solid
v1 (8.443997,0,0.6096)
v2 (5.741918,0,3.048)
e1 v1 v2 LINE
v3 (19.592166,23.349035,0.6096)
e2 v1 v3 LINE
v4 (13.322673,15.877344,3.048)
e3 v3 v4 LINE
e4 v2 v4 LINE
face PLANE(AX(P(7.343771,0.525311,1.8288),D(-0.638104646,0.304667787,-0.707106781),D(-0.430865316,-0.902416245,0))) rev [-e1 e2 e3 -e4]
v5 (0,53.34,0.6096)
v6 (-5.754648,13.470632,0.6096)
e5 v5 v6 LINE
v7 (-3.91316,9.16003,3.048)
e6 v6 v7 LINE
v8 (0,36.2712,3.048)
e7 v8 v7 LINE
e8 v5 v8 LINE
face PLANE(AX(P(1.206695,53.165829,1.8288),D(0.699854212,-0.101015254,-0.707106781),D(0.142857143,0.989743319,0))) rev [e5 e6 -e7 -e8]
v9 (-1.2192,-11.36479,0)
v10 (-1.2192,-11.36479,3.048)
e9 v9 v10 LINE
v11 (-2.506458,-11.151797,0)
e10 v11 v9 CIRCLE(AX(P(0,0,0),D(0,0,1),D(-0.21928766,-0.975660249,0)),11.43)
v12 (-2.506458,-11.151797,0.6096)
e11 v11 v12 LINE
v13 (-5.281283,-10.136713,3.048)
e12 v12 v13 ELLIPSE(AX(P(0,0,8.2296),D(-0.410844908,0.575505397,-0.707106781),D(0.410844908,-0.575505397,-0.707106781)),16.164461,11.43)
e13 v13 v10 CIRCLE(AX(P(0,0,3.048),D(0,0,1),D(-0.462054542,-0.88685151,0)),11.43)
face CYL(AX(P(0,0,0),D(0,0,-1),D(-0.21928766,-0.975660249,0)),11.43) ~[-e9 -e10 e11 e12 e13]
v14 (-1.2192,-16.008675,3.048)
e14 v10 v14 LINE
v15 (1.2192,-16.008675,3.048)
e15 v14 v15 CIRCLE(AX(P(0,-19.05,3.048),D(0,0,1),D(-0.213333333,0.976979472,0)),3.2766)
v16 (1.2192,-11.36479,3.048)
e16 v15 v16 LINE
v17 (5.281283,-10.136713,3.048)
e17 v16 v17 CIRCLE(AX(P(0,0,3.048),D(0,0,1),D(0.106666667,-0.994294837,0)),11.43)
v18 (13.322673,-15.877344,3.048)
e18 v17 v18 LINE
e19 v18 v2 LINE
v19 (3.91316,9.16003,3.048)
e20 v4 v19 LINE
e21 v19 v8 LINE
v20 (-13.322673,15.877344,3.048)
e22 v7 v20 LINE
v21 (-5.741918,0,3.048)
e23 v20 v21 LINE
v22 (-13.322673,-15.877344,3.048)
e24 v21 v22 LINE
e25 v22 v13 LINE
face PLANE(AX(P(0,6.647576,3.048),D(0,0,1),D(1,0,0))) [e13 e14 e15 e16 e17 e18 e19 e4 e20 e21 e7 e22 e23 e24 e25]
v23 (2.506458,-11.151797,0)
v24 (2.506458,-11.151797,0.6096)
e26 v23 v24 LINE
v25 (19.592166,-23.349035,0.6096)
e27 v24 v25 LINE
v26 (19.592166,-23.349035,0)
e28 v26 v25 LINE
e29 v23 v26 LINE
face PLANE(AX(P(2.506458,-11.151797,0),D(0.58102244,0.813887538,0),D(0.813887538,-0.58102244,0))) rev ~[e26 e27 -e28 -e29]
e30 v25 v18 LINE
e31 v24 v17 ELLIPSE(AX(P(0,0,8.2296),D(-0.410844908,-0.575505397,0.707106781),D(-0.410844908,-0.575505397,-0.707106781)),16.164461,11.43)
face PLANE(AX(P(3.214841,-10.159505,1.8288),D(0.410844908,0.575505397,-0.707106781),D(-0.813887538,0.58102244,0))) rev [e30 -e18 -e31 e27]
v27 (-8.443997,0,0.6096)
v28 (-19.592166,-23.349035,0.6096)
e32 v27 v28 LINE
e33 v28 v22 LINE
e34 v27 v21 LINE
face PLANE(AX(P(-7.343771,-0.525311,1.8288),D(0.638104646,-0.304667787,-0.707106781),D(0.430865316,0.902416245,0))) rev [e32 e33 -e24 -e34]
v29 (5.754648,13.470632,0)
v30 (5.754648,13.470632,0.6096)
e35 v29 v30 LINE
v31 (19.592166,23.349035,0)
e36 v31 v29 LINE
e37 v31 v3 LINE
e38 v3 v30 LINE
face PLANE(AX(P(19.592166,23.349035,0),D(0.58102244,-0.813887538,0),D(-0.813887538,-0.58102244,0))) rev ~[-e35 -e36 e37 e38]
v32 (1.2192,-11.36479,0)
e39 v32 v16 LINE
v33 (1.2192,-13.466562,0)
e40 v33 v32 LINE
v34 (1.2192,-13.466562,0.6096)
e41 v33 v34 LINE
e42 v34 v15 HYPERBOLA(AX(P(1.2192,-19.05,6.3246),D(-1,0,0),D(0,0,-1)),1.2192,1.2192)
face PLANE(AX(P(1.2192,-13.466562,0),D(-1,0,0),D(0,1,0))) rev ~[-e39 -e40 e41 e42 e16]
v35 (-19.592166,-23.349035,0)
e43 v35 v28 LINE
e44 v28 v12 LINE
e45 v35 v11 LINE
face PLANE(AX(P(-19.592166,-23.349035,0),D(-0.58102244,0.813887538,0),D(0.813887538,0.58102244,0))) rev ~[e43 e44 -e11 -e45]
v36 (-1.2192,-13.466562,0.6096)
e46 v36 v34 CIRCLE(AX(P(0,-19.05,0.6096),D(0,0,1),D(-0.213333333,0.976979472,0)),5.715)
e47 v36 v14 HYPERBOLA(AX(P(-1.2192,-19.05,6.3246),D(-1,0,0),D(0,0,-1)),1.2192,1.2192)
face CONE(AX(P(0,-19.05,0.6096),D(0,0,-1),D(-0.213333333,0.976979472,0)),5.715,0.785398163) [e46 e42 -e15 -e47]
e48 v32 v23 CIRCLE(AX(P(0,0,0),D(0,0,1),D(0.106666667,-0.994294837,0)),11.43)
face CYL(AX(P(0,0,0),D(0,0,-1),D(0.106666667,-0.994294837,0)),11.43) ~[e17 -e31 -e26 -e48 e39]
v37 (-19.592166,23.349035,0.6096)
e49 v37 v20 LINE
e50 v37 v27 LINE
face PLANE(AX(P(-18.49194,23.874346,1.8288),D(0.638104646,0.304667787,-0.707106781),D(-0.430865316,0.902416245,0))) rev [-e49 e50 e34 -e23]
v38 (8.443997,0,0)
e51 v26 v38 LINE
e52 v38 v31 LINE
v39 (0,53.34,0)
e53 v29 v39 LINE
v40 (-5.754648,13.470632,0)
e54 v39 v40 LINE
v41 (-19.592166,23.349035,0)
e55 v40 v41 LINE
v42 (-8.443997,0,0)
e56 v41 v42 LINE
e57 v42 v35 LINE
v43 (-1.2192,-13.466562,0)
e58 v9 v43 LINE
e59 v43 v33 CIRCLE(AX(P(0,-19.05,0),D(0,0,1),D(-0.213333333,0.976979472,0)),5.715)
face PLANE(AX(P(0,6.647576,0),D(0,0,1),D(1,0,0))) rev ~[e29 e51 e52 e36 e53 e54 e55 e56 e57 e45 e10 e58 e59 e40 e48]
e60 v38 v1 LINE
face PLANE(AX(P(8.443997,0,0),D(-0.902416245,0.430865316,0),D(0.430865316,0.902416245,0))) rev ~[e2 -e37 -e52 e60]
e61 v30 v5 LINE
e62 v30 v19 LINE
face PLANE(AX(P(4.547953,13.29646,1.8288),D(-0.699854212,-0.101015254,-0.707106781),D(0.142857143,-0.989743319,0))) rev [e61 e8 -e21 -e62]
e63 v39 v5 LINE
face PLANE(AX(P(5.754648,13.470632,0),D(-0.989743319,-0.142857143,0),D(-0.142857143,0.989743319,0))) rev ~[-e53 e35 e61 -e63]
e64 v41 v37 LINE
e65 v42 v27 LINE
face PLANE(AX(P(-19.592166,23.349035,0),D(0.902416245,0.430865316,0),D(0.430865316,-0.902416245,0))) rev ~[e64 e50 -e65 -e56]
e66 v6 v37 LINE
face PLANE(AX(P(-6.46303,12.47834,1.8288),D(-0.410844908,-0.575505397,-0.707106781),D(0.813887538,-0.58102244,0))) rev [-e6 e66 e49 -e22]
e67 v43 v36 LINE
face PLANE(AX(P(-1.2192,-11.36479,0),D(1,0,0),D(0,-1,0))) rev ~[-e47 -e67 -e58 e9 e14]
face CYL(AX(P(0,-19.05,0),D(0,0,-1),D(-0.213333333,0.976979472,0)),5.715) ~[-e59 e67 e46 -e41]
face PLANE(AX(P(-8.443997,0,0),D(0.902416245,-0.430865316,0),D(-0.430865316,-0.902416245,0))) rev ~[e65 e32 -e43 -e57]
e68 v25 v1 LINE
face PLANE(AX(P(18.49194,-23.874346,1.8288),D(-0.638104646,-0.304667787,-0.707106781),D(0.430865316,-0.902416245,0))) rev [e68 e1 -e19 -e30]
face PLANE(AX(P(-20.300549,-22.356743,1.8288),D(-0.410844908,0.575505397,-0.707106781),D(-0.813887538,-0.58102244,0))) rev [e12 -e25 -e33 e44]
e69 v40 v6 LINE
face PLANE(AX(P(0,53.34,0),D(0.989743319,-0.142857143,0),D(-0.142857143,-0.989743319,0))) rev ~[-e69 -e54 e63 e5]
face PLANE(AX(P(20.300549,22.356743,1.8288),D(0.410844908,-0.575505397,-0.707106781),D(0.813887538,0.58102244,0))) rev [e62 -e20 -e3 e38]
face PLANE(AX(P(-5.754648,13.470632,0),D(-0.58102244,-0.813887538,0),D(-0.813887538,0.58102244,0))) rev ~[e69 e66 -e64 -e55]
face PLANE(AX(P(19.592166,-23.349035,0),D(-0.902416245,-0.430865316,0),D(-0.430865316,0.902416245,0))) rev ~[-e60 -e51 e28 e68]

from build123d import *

# Parameters (mm, degrees)
F1_DEPTH = 2.54
F2_SIZE  = 2.032
F3_SCALE = 1.2


with BuildPart() as f1:
    # F0 (on Top) → F1 (new body)
    with BuildSketch(Plane.XY):
        with BuildLine():
            Line((4.7955396725, 11.2255265503), (0, 44.45))
            Line((0, 44.45), (-4.7955396725, 11.2255265503))
            Line((-4.7955396725, 11.2255265503), (-16.326805286, 19.4575288552))
            Line((-16.326805286, 19.4575288552), (-7.0366641055, 0))
            Line((-7.0366641055, 0), (-16.326805286, -19.4575288552))
            Line((-16.326805286, -19.4575288552), (-2.0887149606, -9.2931638753))
            ThreePointArc((-2.0887149606, -9.2931638753), (-1.5548922201, -9.3972301868), (-1.016, -9.4706583193))
            Line((-1.016, -9.4706583193), (-1.016, -11.2221352642))
            ThreePointArc((-1.016, -11.2221352642), (0, -20.6375), (1.016, -11.2221352642))
            Line((1.016, -11.2221352642), (1.016, -9.4706583193))
            ThreePointArc((1.016, -9.4706583193), (1.5548922201, -9.3972301868), (2.0887149606, -9.2931638753))
            Line((2.0887149606, -9.2931638753), (16.326805286, -19.4575288552))
            Line((16.326805286, -19.4575288552), (7.0366641055, 0))
            Line((7.0366641055, 0), (16.326805286, 19.4575288552))
            Line((16.326805286, 19.4575288552), (4.7955396725, 11.2255265503))
        make_face()
    extrude(amount=F1_DEPTH)

    # F2
    f2_edges = [f1.edges().sort_by_distance(p)[0] for p in [
        (-2.39777, 27.837763, 2.54),
        (10.561172, 15.341528, 2.54),
        (11.681735, 9.728764, 2.54),
        (-10.561172, 15.341528, 2.54),
        (-11.681735, 9.728764, 2.54),
        (2.39777, 27.837763, 2.54),
        (11.681735, -9.728764, 2.54),
        (9.20776, -14.375346, 2.54),
        (-9.20776, -14.375346, 2.54),
        (-11.681735, -9.728764, 2.54),
        (0, -20.6375, 2.54),
    ]]
    chamfer(f2_edges, length=F2_SIZE)


with BuildPart() as f1_1:
    # F3: moved
    add(f1.part.scale(F3_SCALE))


solid = f1_1.part
